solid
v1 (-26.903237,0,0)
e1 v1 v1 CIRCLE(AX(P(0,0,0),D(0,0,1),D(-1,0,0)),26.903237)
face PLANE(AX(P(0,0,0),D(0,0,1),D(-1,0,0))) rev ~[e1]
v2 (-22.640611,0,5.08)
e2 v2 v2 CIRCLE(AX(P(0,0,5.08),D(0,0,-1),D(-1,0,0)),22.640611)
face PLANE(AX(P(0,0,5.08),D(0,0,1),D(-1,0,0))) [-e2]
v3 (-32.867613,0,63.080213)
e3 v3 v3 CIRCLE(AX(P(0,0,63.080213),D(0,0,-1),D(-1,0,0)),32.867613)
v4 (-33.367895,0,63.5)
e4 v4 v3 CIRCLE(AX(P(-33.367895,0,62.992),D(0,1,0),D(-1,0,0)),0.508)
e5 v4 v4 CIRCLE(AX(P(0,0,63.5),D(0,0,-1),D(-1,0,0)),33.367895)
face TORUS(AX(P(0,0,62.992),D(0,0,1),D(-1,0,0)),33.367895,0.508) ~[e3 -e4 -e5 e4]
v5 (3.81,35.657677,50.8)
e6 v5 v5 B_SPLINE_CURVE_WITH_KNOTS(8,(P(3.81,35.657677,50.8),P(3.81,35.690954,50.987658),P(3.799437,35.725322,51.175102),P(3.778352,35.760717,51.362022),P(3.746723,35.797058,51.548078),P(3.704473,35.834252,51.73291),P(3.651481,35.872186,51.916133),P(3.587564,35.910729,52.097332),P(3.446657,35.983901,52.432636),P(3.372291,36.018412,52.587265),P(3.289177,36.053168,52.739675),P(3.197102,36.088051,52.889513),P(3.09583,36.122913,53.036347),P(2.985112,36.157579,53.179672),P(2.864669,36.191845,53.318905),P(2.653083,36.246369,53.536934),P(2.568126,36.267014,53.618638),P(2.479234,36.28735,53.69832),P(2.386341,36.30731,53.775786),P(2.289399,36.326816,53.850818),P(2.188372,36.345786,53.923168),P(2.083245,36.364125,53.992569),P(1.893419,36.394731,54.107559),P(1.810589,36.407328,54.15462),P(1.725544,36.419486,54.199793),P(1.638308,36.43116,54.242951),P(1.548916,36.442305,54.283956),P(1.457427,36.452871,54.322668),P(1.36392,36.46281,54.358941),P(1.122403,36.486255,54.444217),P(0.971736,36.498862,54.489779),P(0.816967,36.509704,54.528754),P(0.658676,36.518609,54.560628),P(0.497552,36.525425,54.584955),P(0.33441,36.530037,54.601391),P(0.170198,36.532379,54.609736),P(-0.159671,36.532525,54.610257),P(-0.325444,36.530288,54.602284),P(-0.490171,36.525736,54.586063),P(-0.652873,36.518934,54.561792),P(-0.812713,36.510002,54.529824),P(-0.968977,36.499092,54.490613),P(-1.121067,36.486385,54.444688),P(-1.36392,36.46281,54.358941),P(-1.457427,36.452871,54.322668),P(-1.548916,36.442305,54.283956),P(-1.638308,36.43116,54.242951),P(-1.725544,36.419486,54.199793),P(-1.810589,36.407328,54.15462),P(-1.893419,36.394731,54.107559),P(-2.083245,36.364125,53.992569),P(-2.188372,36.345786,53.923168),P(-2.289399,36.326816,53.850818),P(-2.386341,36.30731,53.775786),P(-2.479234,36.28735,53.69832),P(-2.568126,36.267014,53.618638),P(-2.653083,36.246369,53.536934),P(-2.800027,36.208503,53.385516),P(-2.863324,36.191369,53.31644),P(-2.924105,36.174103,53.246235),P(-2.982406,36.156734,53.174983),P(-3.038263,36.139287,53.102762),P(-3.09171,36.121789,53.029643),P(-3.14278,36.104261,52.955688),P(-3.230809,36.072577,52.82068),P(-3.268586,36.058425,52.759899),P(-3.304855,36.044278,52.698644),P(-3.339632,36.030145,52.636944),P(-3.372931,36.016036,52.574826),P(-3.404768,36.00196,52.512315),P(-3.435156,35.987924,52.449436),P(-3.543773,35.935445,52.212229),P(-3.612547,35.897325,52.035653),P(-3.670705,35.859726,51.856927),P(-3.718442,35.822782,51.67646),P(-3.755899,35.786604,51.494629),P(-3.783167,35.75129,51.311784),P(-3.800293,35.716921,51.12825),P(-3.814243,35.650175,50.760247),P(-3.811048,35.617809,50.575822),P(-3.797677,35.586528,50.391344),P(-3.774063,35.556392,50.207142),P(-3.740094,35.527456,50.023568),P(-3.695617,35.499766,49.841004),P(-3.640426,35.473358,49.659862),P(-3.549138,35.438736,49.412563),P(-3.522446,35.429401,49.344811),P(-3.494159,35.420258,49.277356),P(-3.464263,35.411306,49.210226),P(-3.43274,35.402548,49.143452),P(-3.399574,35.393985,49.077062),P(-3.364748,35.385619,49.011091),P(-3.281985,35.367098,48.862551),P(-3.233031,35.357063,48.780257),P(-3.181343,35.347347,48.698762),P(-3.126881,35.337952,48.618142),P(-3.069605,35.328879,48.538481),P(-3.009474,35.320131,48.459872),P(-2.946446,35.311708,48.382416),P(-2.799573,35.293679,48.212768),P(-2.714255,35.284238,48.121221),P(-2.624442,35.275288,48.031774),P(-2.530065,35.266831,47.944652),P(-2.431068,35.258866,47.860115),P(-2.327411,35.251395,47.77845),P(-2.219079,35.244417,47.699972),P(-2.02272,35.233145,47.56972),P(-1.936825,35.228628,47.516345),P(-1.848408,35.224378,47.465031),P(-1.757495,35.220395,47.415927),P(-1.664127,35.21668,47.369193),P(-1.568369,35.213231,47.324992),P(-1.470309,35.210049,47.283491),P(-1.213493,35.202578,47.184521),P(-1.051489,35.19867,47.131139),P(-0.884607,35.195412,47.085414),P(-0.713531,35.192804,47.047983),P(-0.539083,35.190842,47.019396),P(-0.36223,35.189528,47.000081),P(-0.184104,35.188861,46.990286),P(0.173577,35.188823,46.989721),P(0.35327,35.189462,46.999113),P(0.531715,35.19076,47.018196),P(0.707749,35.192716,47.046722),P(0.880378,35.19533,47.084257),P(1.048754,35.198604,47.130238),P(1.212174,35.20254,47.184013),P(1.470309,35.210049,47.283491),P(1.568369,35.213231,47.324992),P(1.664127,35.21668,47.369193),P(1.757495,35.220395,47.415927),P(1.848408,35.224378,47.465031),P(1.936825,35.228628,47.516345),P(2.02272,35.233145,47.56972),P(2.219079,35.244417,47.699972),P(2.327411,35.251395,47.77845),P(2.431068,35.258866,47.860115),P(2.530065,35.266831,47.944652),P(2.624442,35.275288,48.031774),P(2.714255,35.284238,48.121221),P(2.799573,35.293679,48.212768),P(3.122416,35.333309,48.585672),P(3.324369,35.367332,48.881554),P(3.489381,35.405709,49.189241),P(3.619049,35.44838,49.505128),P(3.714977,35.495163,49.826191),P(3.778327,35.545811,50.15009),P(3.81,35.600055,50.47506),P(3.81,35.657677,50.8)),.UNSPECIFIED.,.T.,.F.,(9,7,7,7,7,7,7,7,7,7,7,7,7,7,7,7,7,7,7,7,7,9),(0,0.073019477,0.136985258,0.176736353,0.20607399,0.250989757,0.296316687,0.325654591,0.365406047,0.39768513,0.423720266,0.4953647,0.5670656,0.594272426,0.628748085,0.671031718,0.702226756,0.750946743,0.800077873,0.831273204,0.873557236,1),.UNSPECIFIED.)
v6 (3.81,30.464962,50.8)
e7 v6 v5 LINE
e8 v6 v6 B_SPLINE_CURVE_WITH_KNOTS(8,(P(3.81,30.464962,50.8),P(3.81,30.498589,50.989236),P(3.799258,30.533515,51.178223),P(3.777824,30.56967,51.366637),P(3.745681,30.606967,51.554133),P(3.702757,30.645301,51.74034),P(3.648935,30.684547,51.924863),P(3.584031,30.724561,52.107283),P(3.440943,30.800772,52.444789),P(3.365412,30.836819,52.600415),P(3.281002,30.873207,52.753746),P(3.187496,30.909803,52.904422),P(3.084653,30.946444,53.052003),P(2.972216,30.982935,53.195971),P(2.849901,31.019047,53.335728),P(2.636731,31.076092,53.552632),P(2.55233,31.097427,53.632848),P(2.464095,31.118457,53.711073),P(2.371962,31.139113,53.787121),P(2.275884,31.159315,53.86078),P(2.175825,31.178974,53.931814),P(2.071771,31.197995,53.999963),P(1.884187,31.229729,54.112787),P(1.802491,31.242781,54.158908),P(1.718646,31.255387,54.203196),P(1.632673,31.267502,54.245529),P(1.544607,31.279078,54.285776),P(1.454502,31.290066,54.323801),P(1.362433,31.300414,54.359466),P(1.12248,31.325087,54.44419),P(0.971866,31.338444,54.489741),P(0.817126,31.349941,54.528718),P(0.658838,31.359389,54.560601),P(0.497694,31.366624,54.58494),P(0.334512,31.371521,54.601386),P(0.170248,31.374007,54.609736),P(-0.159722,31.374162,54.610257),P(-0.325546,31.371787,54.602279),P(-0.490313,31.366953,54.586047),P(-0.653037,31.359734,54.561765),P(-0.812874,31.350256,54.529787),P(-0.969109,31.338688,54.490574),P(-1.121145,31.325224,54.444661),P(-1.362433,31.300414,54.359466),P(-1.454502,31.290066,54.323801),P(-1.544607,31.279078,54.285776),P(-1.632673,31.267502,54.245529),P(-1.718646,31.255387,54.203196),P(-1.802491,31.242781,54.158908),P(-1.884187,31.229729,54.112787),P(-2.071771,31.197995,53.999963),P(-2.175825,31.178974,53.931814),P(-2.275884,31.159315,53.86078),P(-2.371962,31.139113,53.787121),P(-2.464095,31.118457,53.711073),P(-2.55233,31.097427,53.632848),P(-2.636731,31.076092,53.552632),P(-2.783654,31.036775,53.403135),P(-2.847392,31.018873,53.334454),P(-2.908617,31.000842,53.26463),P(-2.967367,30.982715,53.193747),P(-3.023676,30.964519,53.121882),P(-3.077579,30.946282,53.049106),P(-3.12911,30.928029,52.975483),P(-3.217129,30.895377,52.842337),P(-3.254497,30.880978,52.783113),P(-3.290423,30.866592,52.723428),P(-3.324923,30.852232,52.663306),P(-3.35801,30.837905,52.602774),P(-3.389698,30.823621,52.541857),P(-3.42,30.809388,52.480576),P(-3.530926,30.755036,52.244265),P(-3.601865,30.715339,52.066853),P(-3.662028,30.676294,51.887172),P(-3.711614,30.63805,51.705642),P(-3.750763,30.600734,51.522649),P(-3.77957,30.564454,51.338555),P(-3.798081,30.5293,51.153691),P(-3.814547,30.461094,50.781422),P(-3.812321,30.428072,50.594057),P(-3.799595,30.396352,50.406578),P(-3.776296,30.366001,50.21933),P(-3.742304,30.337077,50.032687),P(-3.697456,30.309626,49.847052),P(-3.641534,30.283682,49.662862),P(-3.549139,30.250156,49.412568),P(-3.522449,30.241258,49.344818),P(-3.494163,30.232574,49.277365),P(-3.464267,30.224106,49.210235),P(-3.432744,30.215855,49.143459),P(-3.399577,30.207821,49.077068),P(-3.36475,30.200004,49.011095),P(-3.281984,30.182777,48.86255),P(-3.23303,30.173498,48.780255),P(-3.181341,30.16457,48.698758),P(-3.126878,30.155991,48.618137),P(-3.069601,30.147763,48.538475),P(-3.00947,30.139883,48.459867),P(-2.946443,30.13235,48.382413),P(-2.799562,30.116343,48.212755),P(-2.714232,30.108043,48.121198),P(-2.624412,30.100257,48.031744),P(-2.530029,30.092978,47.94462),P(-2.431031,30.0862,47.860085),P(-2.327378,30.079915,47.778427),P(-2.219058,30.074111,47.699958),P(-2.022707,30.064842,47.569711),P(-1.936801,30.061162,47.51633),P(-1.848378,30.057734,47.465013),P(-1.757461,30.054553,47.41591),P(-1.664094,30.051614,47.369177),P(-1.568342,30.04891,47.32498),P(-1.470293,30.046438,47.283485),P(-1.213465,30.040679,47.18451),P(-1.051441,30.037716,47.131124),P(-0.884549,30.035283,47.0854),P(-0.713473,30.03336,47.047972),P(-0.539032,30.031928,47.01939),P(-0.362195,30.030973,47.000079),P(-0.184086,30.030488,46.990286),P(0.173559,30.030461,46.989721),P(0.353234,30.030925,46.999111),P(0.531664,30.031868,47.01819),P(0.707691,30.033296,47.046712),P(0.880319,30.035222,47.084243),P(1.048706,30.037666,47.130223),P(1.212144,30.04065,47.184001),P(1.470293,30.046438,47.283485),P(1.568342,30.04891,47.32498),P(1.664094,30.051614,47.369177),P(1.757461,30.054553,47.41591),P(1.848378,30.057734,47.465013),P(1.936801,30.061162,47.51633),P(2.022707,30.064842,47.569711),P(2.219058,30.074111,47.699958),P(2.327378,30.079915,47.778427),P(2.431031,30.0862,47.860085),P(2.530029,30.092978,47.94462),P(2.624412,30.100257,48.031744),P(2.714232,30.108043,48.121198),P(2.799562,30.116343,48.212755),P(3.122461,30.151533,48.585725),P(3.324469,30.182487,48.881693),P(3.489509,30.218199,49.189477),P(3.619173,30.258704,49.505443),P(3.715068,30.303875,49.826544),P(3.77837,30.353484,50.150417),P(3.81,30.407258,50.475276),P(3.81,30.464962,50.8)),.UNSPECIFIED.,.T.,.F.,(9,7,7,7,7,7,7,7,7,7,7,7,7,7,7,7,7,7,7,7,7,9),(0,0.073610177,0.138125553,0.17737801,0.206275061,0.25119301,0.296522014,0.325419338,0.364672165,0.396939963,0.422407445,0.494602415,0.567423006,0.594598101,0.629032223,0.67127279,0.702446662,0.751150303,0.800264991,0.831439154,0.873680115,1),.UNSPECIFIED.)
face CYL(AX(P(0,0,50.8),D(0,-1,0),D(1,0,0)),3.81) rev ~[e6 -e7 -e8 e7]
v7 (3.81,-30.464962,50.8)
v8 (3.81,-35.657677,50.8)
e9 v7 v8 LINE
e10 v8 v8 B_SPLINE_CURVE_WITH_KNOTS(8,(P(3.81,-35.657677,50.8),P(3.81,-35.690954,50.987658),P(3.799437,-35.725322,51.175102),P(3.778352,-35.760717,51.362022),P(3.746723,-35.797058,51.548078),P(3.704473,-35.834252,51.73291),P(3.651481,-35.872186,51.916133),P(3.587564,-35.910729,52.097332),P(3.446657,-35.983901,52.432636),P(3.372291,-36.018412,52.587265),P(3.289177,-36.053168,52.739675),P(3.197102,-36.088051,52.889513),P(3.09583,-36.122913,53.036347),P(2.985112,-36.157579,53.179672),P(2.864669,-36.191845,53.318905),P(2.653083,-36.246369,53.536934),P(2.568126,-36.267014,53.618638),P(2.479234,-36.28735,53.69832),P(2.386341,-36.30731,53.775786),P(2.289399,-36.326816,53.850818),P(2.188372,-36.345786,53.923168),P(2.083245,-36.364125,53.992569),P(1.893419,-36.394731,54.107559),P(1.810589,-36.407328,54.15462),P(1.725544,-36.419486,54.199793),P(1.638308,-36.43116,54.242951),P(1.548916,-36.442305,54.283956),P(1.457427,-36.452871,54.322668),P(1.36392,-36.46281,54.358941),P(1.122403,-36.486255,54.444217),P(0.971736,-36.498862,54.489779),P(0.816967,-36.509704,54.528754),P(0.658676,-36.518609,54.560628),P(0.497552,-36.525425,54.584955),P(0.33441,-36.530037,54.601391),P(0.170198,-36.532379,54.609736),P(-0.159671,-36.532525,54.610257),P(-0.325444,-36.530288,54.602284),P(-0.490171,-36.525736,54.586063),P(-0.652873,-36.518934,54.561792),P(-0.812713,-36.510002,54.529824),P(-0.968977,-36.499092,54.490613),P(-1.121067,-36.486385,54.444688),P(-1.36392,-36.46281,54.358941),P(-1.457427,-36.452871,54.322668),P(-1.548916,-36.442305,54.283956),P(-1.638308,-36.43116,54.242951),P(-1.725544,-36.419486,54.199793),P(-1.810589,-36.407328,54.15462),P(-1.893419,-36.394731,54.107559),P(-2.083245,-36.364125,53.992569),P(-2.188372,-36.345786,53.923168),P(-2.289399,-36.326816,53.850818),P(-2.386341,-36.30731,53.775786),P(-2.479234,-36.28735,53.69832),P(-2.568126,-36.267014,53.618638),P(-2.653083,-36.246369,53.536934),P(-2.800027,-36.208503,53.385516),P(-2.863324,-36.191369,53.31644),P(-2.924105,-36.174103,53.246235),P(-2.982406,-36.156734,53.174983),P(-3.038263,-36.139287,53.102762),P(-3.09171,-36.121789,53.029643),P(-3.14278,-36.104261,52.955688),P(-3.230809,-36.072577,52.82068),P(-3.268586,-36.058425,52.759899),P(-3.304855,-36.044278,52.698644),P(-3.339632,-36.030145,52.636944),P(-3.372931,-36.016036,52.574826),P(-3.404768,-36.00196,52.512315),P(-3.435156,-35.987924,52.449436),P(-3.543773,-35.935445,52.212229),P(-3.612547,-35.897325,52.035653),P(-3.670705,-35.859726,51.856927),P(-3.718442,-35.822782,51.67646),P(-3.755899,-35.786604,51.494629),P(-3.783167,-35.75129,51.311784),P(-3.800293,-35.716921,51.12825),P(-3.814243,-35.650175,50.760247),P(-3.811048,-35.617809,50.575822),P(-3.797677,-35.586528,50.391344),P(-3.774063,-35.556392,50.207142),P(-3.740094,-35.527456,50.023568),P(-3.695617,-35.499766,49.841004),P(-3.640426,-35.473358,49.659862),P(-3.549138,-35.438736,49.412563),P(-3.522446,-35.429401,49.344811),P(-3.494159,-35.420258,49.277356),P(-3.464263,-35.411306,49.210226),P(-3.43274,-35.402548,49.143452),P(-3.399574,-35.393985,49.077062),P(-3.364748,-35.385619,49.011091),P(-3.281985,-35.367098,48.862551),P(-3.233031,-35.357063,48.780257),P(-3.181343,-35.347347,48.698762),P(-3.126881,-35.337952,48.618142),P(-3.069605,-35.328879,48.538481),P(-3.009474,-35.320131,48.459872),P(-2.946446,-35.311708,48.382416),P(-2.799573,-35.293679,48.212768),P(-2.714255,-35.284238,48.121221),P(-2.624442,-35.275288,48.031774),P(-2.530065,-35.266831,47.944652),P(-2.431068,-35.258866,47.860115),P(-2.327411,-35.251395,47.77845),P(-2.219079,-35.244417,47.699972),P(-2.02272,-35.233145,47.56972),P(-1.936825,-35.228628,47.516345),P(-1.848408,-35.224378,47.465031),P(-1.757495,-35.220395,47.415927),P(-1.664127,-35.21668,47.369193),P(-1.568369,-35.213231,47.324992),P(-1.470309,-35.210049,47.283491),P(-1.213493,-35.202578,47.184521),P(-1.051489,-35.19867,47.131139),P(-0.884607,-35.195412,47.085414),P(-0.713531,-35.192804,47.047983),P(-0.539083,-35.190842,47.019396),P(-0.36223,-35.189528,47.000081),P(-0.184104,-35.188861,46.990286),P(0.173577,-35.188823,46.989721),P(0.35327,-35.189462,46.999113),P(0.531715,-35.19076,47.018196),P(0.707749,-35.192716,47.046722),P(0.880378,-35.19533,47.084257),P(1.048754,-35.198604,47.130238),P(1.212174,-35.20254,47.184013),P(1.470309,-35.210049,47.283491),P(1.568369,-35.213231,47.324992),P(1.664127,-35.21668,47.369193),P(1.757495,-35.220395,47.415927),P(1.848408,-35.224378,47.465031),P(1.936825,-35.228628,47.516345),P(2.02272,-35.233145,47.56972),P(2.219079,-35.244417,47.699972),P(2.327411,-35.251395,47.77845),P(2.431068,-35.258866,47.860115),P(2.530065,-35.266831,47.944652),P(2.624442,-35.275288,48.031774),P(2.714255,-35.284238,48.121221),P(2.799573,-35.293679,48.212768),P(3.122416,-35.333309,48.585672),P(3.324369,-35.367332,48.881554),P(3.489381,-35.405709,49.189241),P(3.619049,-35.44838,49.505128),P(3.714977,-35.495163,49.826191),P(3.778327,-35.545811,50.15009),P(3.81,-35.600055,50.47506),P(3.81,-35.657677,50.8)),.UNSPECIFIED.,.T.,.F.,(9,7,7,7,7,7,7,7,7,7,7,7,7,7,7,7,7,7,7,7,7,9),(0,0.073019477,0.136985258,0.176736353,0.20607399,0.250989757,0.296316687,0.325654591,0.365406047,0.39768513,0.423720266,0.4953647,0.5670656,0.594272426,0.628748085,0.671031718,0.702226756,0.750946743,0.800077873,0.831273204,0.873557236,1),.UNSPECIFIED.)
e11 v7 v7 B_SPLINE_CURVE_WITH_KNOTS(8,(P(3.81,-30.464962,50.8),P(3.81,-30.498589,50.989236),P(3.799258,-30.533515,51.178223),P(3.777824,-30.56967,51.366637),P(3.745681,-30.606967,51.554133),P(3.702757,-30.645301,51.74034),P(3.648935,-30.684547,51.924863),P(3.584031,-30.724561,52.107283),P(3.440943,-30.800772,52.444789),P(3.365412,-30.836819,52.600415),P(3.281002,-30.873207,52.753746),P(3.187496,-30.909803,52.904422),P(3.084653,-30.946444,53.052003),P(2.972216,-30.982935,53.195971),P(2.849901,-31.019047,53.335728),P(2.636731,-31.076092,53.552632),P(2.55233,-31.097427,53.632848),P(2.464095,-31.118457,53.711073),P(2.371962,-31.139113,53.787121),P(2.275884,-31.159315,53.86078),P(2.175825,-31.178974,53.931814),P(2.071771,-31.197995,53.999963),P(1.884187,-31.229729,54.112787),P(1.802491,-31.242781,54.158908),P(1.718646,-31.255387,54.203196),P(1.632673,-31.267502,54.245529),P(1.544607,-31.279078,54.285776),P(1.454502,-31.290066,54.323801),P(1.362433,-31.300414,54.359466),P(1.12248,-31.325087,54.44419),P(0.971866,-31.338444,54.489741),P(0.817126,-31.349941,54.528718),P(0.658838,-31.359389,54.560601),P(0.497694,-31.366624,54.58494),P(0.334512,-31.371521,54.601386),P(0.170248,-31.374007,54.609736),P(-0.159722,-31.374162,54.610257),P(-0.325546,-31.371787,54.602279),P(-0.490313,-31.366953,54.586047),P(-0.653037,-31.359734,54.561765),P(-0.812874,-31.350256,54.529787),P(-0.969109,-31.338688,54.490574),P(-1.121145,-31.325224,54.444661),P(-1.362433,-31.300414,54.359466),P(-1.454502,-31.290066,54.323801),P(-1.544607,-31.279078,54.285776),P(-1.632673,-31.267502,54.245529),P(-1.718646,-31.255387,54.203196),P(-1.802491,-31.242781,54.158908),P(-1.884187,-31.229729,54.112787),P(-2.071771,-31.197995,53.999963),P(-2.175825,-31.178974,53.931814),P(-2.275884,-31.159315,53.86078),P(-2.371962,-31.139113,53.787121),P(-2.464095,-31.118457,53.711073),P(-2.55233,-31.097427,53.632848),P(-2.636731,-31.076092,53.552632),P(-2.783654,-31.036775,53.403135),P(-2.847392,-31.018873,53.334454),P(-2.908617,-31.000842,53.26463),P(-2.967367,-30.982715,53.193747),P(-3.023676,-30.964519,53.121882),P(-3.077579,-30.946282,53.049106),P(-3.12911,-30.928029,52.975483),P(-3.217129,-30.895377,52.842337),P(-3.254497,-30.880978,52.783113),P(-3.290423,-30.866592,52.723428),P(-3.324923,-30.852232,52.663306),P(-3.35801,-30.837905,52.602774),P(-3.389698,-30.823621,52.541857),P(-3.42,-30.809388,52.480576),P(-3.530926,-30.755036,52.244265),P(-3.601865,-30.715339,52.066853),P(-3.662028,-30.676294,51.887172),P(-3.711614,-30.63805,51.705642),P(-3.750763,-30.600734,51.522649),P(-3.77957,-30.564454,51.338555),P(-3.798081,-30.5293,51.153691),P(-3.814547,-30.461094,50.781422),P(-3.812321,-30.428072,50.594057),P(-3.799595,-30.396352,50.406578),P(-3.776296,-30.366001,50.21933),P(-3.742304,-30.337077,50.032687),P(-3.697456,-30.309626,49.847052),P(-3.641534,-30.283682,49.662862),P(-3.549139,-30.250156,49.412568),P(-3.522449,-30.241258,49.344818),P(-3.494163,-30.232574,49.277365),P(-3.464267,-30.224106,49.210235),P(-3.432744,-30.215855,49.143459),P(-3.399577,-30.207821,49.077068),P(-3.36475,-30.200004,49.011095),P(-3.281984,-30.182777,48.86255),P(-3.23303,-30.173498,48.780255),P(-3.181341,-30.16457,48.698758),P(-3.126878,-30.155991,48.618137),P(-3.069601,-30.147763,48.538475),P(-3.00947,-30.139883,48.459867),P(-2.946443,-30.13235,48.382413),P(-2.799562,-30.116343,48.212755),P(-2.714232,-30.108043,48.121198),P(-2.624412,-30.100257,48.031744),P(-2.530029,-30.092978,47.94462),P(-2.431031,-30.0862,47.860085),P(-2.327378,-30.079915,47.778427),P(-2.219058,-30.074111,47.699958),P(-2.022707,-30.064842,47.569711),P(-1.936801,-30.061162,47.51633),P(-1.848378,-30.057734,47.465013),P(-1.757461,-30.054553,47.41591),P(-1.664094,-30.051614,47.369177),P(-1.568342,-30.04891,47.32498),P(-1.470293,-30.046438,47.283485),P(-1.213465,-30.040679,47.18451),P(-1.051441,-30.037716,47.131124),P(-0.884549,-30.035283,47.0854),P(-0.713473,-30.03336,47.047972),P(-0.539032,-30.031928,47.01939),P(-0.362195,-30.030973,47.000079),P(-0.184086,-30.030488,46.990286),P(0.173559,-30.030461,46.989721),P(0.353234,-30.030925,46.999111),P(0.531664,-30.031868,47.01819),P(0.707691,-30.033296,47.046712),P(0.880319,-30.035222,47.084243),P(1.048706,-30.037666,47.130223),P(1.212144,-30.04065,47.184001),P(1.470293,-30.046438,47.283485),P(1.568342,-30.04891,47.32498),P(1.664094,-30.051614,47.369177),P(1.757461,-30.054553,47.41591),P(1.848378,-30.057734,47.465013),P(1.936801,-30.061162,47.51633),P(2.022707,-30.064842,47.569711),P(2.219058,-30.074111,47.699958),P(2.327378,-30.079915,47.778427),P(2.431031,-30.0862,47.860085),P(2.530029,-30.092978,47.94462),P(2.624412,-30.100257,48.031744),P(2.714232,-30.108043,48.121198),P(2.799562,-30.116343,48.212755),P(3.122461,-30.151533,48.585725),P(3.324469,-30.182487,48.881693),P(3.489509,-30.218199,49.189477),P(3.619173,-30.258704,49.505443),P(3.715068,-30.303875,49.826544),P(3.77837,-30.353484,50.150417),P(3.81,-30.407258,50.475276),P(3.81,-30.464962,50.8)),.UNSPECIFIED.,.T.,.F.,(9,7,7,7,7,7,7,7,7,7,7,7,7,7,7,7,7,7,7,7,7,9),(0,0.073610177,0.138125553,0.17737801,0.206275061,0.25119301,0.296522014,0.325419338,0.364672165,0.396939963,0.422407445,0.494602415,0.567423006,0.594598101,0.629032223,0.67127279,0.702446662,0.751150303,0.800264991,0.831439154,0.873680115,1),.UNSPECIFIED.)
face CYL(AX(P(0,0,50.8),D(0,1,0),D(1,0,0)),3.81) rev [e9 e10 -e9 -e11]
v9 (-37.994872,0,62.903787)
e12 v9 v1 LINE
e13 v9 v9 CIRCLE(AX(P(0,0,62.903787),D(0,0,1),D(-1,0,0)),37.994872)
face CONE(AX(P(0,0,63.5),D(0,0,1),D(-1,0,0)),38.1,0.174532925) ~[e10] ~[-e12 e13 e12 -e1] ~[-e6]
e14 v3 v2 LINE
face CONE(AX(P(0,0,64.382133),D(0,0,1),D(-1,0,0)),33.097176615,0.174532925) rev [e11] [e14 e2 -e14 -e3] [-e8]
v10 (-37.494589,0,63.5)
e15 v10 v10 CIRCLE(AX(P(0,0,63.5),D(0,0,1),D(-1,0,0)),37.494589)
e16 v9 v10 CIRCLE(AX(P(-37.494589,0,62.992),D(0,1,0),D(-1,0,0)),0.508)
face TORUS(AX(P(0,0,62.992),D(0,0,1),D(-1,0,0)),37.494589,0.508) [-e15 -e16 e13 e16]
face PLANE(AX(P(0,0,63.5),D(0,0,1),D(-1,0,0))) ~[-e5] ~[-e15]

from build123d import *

# Parameters (mm, degrees)
F2_T     = -5.08
F3_R     = 3.81
F4_DEPTH = 254
F5_DEPTH = 254
F6_R     = 0.508


with BuildPart() as f1:
    # F0 (on Front) → F1 (revolve)
    with BuildSketch(Plane.XZ):
        Polygon((0, 0), (0, 63.5), (-38.1, 63.5), (-26.903236725, 0), align=None)
    revolve(axis=Axis((0, 0, 31.75), (0, 0, 1)))

    # F2
    f2_openings = [f1.faces().sort_by_distance(p)[0] for p in [
        (0, 0, 63.5),
    ]]
    offset(amount=F2_T, openings=f2_openings)

    # F3 (on Front) → F4 (cut)
    with BuildSketch(Plane.XZ):
        with Locations((0, 50.8)):
            Circle(F3_R)
    extrude(amount=-F4_DEPTH, mode=Mode.SUBTRACT)

    # F3 (on Front) → F5 (cut)
    with BuildSketch(Plane.XZ):
        with Locations((0, 50.8)):
            Circle(F3_R)
    extrude(amount=F5_DEPTH, mode=Mode.SUBTRACT)

    # F6
    f6_edges = [f1.edges().sort_by_distance(p)[0] for p in [
        (38.1, 0, 63.5),
        (32.941633, 0, 63.5),
    ]]
    fillet(f6_edges, radius=F6_R)


solid = f1.part
